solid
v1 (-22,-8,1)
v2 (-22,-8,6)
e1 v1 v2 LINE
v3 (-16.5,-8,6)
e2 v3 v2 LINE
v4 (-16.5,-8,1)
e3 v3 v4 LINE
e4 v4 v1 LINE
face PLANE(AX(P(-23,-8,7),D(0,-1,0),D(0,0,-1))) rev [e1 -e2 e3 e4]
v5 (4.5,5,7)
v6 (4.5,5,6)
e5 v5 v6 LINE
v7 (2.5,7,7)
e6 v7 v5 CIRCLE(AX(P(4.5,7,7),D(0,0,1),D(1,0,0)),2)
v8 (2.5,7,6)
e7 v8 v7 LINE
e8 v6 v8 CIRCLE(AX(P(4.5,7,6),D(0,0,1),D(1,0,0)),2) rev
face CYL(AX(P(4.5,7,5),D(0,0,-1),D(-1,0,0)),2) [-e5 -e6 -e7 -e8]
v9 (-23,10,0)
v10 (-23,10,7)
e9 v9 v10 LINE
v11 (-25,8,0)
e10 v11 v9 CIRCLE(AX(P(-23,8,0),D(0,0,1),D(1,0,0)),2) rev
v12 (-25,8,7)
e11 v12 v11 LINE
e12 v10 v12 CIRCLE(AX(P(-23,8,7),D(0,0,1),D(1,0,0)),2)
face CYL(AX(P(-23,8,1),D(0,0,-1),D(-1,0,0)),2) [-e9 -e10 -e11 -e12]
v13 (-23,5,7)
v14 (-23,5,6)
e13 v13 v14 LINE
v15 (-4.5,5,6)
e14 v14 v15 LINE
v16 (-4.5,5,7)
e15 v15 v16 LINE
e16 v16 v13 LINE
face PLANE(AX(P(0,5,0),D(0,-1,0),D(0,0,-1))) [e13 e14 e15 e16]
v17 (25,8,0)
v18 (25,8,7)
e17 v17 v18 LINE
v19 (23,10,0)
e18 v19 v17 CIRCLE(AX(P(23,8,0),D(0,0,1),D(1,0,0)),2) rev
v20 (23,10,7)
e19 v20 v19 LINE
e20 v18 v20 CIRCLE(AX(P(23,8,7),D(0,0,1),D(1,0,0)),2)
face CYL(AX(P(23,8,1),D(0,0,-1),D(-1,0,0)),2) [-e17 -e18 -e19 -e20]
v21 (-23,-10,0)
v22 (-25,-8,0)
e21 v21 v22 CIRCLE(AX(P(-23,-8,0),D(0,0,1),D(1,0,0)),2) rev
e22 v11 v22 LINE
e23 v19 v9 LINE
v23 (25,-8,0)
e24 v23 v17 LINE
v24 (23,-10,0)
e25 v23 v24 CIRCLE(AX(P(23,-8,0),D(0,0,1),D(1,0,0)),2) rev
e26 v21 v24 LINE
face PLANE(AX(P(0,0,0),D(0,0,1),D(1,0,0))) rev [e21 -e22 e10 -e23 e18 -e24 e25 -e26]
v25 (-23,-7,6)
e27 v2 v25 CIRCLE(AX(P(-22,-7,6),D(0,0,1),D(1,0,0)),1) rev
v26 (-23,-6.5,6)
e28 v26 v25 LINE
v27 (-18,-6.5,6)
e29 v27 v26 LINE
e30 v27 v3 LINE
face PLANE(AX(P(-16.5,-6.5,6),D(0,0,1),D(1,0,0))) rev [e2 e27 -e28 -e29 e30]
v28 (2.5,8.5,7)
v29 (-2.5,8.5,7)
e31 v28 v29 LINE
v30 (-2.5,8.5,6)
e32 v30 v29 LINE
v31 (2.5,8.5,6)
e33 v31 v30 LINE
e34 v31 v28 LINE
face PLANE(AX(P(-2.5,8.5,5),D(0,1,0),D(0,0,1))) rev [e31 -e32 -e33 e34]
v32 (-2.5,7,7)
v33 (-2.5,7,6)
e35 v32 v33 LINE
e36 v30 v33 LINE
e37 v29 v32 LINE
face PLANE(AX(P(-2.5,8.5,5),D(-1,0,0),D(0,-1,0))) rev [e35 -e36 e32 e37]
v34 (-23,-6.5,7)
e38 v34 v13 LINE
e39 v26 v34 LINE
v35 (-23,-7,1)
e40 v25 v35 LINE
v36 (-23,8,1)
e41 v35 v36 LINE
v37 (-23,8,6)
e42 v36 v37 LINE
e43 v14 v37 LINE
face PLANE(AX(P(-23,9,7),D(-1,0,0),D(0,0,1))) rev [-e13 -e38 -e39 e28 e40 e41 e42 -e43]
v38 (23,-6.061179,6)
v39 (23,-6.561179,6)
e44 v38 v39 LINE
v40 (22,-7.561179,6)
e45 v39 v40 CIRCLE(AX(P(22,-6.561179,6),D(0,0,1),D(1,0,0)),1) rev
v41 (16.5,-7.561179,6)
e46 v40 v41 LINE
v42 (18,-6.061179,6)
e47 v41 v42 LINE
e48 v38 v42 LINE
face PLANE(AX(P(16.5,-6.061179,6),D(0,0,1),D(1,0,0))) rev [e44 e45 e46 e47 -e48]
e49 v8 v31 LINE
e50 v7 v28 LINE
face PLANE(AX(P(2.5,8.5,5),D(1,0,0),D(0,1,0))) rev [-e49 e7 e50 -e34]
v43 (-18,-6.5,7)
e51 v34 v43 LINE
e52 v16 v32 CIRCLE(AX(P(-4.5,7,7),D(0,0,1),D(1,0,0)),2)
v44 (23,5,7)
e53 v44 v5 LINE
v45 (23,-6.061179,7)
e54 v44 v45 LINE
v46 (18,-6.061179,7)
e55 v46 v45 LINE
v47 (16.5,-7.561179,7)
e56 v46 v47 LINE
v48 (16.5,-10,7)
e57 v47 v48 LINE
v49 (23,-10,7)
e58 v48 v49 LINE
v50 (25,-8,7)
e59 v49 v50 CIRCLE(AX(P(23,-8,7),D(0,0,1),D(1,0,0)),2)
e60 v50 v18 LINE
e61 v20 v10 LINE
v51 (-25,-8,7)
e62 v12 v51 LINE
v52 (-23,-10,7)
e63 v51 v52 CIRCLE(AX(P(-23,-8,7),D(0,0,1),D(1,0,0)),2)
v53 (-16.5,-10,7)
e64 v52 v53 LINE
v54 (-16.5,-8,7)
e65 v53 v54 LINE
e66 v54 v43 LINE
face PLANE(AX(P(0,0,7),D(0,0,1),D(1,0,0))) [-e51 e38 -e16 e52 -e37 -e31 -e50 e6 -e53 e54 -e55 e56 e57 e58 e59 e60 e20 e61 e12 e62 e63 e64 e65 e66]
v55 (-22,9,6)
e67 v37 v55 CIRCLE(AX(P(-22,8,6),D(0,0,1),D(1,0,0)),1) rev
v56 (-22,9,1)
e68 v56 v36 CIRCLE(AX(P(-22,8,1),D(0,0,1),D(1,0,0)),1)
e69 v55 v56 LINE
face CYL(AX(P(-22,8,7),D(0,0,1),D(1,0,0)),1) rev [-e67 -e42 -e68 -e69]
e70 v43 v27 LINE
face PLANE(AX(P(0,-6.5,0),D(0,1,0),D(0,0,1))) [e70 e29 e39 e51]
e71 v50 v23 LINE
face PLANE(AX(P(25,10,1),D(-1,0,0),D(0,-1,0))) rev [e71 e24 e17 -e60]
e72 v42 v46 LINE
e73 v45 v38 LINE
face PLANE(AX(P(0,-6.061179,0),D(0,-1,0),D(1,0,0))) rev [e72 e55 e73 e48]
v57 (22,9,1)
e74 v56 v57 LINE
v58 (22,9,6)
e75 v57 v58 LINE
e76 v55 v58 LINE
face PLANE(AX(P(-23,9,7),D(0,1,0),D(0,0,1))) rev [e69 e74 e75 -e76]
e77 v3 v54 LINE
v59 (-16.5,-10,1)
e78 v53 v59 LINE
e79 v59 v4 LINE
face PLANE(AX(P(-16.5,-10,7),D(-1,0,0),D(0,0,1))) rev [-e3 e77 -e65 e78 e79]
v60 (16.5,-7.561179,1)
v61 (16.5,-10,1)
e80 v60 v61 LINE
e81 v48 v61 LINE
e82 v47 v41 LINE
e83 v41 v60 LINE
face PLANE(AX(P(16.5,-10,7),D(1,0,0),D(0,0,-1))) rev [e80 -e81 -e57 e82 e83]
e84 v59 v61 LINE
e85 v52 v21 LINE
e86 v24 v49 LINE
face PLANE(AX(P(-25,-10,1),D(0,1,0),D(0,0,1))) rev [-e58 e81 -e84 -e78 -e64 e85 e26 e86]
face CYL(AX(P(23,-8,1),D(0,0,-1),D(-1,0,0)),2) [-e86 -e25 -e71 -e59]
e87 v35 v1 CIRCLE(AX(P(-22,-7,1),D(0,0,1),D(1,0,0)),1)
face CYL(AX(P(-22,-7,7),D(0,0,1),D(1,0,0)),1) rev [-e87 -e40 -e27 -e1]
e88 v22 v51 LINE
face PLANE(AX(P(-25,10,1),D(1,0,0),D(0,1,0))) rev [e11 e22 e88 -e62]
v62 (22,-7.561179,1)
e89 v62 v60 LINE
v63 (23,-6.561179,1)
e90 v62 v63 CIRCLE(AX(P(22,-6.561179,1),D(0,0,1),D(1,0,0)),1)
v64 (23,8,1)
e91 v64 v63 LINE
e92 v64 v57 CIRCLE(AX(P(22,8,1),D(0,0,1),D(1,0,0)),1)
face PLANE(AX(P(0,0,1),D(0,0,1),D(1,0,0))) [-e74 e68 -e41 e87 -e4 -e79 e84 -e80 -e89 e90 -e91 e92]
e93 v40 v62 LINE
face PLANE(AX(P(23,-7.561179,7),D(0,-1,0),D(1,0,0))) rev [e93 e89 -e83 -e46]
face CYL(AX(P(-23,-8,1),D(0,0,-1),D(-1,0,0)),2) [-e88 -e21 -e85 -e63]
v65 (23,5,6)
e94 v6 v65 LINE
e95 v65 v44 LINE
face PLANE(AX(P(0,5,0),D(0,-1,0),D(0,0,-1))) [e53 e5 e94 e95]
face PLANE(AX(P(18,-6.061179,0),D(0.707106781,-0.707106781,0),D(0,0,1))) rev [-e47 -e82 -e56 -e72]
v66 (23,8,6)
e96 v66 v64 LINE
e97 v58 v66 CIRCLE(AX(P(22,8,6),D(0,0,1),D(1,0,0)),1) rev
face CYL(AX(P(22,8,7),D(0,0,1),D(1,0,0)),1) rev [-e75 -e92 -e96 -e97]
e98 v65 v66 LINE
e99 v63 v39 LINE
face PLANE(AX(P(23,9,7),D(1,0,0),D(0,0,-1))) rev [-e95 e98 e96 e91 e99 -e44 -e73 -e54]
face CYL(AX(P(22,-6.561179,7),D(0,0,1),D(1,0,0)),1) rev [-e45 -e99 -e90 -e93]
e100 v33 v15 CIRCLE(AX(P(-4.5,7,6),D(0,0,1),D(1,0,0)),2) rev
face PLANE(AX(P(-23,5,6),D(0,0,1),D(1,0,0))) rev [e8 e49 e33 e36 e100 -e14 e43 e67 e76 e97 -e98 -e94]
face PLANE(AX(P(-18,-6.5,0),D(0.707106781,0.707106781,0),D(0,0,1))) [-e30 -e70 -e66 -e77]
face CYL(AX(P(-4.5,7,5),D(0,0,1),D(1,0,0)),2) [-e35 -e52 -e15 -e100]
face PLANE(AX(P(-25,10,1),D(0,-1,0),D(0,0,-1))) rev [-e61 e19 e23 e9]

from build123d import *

# Parameters (mm, degrees)
SKETCH1_W           = 50
SKETCH1_H           = 20
BOSS_EXTRUDE1_DEPTH = 1
BOSS_EXTRUDE2_DEPTH = 6
SKETCH3_W           = 46
SKETCH3_H           = 1
BOSS_EXTRUDE3_DEPTH = 4
SKETCH4_W           = 6.5
SKETCH4_H           = 2
SKETCH4_H_2         = 2.438820915
BOSS_EXTRUDE4_DEPTH = 6
SKETCH5_W           = 6.5
SKETCH5_H           = 1
BOSS_EXTRUDE5_DEPTH = 1.5
SKETCH6_W           = 6.5
SKETCH6_H           = 1
BOSS_EXTRUDE6_DEPTH = 1.5
CHAMFER1_SIZE       = 1.5
FILLET1_R           = 2
FILLET2_R           = 1
SKETCH7_W           = 5
SKETCH7_H           = 3.5
CUT_EXTRUDE1_DEPTH  = 2
FILLET3_R           = 2


with BuildPart() as part:
    # Sketch1 → Boss-Extrude1 (new body)
    with BuildSketch(Plane.XY):
        Rectangle(SKETCH1_W, SKETCH1_H)
    extrude(amount=BOSS_EXTRUDE1_DEPTH)

    # Sketch2 → Boss-Extrude2 (add)
    with BuildSketch(Plane.XY.offset(1)):
        Polygon((-25, 10), (25, 10), (25, 9), (25, -10), (23, -10), (23, 9), (-23, 9), (-23, -10), (-25, -10), (-25, 9), align=None)
    extrude(amount=BOSS_EXTRUDE2_DEPTH)

    # Sketch3 → Boss-Extrude3 (add)
    with BuildSketch(Plane.XZ.offset(-9)):
        with Locations((0, 6.5)):
            Rectangle(SKETCH3_W, SKETCH3_H)
    extrude(amount=BOSS_EXTRUDE3_DEPTH)

    # Sketch4 → Boss-Extrude4 (add)
    with BuildSketch(Plane.XY.offset(1)):
        with Locations((-19.75, -9)):
            Rectangle(SKETCH4_W, SKETCH4_H)
        with Locations((19.75, -8.780589542)):
            Rectangle(SKETCH4_W, SKETCH4_H_2)
    extrude(amount=BOSS_EXTRUDE4_DEPTH)

    # Sketch5 → Boss-Extrude5 (add)
    with BuildSketch(Plane(origin=(0, -8, 0), x_dir=(1, 0, 0), z_dir=(0, 1, 0))):
        with Locations((-19.75, -6.5)):
            Rectangle(SKETCH5_W, SKETCH5_H)
    extrude(amount=BOSS_EXTRUDE5_DEPTH)

    # Sketch6 → Boss-Extrude6 (add)
    with BuildSketch(Plane(origin=(0, -7.561179085, 0), x_dir=(1, 0, 0), z_dir=(0, 1, 0))):
        with Locations((19.75, -6.5)):
            Rectangle(SKETCH6_W, SKETCH6_H)
    extrude(amount=BOSS_EXTRUDE6_DEPTH)

    # Chamfer1
    chamfer1_edges = [part.edges().sort_by_distance(p)[0] for p in [
        (16.5, -6.061179085, 6.5),
        (-16.5, -6.5, 6.5),
    ]]
    chamfer(chamfer1_edges, length=CHAMFER1_SIZE)

    # Fillet1
    fillet1_edges = [part.edges().sort_by_distance(p)[0] for p in [
        (25, -10, 3.5),
        (-25, -10, 3.5),
        (-25, 10, 3.5),
        (25, 10, 3.5),
    ]]
    fillet(fillet1_edges, radius=FILLET1_R)

    # Fillet2
    fillet2_edges = [part.edges().sort_by_distance(p)[0] for p in [
        (23, 9, 3.5),
        (-23, 9, 3.5),
        (-23, -8, 3.5),
        (23, -7.561179085, 3.5),
    ]]
    fillet(fillet2_edges, radius=FILLET2_R)

    # Sketch7 → Cut-Extrude1 (cut)
    with BuildSketch(Plane.XY.offset(7)):
        with Locations((0, 6.75)):
            Rectangle(SKETCH7_W, SKETCH7_H)
    extrude(amount=-CUT_EXTRUDE1_DEPTH, mode=Mode.SUBTRACT)

    # Fillet3
    fillet3_edges = [part.edges().sort_by_distance(p)[0] for p in [
        (-2.5, 5, 6.5),
        (2.5, 5, 6.5),
    ]]
    fillet(fillet3_edges, radius=FILLET3_R)


solid = part.part
